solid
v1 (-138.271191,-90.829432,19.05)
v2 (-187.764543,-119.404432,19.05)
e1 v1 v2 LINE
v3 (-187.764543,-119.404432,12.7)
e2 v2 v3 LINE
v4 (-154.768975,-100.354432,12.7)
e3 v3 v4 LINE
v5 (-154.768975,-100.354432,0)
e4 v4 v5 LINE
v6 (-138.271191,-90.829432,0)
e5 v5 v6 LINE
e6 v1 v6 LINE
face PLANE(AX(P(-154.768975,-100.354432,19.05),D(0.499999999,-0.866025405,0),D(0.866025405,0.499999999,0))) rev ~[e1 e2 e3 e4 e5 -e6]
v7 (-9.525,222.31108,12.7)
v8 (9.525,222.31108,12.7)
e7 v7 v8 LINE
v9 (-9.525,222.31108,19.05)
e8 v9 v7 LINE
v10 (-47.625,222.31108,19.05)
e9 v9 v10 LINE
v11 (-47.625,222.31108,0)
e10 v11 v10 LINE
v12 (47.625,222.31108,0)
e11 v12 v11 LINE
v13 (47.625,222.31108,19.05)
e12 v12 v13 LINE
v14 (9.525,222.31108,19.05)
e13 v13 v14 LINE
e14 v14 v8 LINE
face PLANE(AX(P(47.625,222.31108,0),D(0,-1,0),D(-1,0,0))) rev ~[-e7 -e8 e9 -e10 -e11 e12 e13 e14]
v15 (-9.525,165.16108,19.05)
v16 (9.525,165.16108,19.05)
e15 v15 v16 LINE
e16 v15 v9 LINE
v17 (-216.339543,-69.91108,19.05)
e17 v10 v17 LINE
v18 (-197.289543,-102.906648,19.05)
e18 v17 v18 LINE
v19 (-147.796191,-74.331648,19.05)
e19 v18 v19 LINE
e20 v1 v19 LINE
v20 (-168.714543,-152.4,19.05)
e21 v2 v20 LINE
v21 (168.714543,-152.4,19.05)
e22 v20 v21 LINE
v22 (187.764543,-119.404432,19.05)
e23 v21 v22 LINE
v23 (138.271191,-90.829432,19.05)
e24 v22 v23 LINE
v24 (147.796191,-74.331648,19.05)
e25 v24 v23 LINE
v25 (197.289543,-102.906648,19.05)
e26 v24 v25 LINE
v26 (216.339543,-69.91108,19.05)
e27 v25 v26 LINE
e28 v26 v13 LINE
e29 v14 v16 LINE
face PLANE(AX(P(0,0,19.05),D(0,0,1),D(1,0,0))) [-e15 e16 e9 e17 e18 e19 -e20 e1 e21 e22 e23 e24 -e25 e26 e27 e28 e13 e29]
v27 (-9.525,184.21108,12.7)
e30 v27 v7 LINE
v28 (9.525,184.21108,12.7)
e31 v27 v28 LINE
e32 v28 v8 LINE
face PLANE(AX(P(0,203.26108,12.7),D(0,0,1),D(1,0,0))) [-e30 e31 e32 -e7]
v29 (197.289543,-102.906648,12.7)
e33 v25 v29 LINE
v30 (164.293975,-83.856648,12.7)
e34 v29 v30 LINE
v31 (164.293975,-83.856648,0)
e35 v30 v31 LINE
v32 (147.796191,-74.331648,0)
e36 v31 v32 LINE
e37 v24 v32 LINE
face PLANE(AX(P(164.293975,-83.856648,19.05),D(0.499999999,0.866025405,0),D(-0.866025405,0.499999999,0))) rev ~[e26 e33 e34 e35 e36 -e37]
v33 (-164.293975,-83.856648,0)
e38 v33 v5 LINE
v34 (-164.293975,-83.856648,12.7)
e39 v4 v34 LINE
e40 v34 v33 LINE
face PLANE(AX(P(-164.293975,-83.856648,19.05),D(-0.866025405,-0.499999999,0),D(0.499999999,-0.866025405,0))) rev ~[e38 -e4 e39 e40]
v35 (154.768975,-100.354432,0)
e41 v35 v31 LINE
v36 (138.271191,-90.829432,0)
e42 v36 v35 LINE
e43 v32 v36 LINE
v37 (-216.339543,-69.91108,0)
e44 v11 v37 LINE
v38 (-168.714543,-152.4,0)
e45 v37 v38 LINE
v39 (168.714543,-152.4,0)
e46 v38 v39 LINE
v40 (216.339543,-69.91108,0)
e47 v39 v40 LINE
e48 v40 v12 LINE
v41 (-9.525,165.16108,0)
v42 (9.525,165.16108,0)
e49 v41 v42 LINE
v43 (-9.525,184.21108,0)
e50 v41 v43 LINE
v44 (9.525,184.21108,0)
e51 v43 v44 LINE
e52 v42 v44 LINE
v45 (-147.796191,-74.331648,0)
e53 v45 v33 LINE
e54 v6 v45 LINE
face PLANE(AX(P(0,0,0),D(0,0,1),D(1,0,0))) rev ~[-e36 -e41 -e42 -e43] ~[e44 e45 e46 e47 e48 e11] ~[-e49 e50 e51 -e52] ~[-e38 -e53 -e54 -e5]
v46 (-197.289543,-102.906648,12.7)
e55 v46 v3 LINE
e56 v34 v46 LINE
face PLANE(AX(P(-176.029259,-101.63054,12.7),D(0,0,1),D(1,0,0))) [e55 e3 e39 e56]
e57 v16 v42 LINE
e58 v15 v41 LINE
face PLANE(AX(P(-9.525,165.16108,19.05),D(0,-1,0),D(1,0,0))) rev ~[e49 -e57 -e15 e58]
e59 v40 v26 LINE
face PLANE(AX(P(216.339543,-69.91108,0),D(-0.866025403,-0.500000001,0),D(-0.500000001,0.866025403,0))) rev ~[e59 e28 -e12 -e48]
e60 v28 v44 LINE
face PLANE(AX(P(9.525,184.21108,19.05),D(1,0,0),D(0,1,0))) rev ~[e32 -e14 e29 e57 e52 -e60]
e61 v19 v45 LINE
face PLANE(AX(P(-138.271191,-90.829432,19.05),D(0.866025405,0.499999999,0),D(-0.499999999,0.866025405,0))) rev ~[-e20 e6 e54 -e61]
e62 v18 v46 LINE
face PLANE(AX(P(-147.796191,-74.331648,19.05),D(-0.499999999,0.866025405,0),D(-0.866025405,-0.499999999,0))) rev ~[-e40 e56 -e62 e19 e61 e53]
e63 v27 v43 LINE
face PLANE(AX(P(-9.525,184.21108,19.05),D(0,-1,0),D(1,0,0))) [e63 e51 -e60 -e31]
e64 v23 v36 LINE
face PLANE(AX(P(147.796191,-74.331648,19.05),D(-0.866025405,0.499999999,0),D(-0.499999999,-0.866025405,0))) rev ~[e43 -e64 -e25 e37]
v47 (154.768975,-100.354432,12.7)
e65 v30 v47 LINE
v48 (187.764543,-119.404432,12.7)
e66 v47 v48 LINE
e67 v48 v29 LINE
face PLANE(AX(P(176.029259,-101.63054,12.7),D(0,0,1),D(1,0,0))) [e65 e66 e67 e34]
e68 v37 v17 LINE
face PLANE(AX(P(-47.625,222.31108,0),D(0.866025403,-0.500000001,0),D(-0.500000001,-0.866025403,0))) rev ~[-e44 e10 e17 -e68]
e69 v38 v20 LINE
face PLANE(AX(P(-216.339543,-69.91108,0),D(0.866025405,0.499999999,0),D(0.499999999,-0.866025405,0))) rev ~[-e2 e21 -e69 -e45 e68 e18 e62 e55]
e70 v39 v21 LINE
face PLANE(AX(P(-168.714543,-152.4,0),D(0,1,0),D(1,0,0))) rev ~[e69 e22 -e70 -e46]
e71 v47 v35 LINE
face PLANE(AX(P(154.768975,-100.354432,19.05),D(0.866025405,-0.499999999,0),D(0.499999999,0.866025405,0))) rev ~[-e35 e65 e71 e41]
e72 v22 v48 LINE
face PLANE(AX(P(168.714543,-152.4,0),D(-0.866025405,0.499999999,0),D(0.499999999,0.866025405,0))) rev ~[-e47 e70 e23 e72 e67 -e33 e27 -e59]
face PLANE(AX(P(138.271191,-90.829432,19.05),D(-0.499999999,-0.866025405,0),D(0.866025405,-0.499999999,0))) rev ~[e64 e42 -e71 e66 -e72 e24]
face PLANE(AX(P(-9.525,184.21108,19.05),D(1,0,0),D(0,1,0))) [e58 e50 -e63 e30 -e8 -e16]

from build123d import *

# Parameters (mm, degrees)
F1_DEPTH = 19.05
F2_W     = 19.05
F2_H     = 19.05
F3_DEPTH = 19.05
F4_W     = 19.05
F4_H     = 38.1
F5_DEPTH = 6.35


with BuildPart() as f1:
    # F0 (on Top) → F1 (new body)
    with BuildSketch(Plane.XY):
        Polygon((47.625, 222.31108), (-47.625, 222.31108), (-216.339543, -69.91108), (-168.714543, -152.4), (168.714543, -152.4), (216.339543, -69.91108), align=None)
    extrude(amount=F1_DEPTH)

    # F2 (on face) → F3 (cut, through all)
    with BuildSketch(Plane.XY.offset(19.05)):
        with Locations((0, 174.68608)):
            Rectangle(F2_W, F2_H)
        Polygon((154.768975, -100.354432), (164.293975, -83.856648), (147.796191, -74.331648), (138.271191, -90.829432), align=None)
        Polygon((-164.293975, -83.856648), (-154.768975, -100.354432), (-138.271191, -90.829432), (-147.796191, -74.331648), align=None)
    extrude(amount=-F3_DEPTH, mode=Mode.SUBTRACT)

    # F4 (on face) → F5 (cut)
    with BuildSketch(Plane.XY.offset(19.05)):
        Polygon((-154.768975, -100.354432), (-164.293975, -83.856648), (-197.289543, -102.906648), (-187.764543, -119.404432), align=None)
        Polygon((197.289543, -102.906648), (164.293975, -83.856648), (154.768975, -100.354432), (187.764543, -119.404432), align=None)
        with Locations((0, 203.26108)):
            Rectangle(F4_W, F4_H)
    extrude(amount=-F5_DEPTH, mode=Mode.SUBTRACT)


solid = f1.part
